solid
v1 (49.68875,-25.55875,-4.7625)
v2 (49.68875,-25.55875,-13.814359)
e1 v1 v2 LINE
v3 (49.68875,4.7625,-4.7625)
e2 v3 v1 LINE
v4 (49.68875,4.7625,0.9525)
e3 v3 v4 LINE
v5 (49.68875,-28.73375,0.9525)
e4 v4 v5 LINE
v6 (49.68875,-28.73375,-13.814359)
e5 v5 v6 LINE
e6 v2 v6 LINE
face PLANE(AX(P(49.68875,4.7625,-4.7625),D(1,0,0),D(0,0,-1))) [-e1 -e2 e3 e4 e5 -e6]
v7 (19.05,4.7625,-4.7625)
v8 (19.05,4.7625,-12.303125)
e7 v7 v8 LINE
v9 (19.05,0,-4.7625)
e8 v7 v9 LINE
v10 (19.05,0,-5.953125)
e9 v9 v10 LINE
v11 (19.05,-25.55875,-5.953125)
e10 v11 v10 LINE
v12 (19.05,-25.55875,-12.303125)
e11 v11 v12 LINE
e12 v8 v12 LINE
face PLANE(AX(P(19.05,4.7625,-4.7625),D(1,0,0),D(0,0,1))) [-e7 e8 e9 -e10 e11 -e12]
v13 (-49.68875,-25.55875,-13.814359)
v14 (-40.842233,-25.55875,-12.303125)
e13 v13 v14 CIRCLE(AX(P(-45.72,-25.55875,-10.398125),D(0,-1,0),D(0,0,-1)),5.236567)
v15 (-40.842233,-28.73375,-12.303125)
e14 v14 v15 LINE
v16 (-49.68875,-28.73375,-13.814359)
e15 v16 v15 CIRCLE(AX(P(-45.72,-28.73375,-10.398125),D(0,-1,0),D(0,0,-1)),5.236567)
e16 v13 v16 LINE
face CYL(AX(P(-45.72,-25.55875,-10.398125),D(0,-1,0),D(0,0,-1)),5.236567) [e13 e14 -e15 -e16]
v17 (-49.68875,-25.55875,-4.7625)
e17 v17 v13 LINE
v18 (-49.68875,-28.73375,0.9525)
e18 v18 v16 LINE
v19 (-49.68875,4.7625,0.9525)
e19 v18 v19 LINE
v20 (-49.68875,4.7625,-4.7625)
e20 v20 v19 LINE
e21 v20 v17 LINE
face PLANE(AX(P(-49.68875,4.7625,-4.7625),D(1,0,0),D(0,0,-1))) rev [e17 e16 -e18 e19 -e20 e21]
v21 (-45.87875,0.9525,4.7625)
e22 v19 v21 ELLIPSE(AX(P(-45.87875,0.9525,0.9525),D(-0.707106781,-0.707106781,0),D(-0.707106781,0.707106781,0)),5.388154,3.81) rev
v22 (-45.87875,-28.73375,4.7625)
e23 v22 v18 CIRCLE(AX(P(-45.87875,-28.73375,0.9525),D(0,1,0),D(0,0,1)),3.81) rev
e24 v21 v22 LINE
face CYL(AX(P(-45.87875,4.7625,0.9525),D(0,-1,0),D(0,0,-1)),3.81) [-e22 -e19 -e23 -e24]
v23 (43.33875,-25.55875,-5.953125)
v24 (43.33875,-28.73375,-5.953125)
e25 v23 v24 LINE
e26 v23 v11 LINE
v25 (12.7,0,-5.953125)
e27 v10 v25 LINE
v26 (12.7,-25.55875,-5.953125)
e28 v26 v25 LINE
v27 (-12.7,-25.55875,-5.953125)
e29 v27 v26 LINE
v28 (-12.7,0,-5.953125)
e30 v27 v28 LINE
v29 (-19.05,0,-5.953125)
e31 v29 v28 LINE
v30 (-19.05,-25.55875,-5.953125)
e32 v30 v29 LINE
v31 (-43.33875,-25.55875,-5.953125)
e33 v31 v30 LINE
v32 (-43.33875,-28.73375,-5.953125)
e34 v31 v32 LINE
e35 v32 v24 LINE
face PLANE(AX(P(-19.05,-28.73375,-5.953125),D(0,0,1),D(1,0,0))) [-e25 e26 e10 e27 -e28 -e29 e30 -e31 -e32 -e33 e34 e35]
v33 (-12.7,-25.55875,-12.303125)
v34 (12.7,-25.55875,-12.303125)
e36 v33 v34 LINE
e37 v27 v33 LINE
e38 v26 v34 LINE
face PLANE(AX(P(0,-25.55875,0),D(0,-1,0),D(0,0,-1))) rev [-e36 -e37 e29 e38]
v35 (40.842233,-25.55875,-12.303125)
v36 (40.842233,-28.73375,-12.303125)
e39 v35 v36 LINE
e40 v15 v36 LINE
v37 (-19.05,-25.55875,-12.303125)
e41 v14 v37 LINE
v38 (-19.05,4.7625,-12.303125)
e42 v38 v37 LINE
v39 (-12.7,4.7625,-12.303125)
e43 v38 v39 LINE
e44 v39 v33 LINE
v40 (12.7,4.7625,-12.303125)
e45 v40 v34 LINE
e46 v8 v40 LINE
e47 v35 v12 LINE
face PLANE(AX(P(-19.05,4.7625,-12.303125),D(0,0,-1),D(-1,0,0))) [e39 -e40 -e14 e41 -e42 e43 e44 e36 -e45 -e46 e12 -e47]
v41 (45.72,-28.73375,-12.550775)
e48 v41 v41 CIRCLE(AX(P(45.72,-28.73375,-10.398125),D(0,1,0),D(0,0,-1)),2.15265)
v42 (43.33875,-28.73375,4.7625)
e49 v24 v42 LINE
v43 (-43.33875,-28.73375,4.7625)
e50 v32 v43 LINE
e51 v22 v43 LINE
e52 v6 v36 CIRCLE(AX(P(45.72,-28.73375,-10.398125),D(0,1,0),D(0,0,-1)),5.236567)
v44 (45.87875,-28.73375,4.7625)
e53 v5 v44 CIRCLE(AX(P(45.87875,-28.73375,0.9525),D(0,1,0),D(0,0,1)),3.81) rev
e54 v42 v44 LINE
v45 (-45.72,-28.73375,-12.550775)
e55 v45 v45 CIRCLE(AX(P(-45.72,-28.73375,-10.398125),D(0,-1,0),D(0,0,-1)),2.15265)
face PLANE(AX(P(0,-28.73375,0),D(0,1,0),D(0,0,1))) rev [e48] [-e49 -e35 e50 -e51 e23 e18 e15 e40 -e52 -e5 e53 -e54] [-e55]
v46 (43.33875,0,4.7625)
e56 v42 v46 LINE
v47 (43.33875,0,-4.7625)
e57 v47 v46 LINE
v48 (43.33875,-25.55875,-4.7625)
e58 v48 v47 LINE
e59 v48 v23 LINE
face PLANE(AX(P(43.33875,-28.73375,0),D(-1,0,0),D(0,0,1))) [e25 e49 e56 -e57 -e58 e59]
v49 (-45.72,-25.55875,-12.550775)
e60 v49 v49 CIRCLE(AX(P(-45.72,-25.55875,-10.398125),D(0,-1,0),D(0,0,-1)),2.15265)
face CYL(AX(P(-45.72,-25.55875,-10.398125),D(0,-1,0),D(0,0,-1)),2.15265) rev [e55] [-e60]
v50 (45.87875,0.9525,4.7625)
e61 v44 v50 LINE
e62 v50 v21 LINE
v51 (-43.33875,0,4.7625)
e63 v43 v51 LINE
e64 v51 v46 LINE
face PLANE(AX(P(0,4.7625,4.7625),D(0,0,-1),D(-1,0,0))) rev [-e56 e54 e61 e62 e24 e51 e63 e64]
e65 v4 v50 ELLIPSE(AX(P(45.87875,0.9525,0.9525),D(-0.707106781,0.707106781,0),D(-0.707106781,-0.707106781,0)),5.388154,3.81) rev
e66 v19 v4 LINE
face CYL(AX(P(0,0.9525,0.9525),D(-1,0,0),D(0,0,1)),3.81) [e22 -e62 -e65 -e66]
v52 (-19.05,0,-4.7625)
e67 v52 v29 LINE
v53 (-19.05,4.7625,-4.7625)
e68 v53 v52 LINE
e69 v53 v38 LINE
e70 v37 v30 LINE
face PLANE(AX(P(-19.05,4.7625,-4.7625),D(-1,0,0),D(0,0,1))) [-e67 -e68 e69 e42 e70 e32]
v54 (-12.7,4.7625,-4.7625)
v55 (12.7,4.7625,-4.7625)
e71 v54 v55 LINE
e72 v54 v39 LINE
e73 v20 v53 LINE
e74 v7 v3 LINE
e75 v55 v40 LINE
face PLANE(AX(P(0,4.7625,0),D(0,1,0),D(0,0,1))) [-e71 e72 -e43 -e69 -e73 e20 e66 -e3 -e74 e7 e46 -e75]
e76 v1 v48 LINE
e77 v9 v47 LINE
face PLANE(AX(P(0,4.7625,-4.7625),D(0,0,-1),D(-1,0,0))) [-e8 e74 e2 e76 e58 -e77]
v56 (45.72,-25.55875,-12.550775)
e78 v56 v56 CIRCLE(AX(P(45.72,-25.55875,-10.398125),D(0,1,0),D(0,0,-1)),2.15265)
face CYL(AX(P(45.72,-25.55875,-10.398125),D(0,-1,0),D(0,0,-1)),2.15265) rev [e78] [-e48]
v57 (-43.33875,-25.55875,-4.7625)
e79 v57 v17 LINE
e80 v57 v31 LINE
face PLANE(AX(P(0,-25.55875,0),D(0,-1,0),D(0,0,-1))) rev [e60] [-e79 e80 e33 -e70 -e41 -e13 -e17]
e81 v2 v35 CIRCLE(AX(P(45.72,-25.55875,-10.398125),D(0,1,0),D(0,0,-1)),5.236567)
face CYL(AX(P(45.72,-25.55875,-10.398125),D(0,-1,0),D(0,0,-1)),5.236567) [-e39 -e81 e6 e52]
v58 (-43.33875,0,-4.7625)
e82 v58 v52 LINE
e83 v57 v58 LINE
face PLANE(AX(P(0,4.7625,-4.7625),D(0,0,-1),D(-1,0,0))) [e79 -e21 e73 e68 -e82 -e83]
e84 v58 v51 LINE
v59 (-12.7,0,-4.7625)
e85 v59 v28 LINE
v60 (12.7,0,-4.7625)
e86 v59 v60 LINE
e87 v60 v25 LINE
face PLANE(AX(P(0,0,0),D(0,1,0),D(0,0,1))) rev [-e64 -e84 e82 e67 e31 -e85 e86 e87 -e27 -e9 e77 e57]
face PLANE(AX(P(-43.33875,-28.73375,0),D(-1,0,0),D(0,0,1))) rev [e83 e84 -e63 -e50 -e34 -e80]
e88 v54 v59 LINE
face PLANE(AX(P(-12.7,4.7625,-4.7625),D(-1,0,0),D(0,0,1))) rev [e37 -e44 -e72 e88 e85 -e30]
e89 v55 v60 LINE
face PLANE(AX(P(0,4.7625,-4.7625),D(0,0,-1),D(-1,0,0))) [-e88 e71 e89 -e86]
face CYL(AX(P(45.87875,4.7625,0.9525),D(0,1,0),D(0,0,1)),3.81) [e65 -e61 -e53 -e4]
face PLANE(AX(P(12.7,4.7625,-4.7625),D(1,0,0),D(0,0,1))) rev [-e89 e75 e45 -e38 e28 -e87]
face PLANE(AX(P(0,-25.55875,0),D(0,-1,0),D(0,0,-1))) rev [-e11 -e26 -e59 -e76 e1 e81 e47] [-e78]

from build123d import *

# Parameters (mm, degrees)
BOSS_EXTRUDE1_DEPTH = 4.7625
SKETCH1_3_W         = 6.35
SKETCH1_3_H         = 9.525
SKETCH1_3_H_2       = 6.35
BOSS_EXTRUDE2_DEPTH = 28.73375
SKETCH2_W           = 12.7
SKETCH2_H           = 6.35
SKETCH2_R           = 2.15265
BOSS_EXTRUDE3_DEPTH = 3.175
FILLET11_R          = 3.81


with BuildPart() as part:
    # Sketch1 → Boss-Extrude1 (new body)
    with BuildSketch(Plane(origin=(0, 0, 0), x_dir=(1, 0, 0), z_dir=(0, 1, 0))):
        Polygon((-49.68875, 4.7625), (-49.68875, -4.7625), (49.68875, -4.7625), (49.68875, 4.7625), (-12.7, 4.7625), (-12.7, 12.303125), (-19.05, 12.303125), (-19.05, 4.7625), align=None)
    extrude(amount=BOSS_EXTRUDE1_DEPTH)

    # Sketch1<3> → Boss-Extrude2 (add)
    with BuildSketch(Plane(origin=(0, 0, 0), x_dir=(1, 0, 0), z_dir=(0, 1, 0))):
        with Locations((-46.51375, 0)):
            Rectangle(SKETCH1_3_W, SKETCH1_3_H)
        with Locations((46.51375, 0)):
            Rectangle(SKETCH1_3_W, SKETCH1_3_H)
        with Locations((-15.875, 9.128125)):
            Rectangle(SKETCH1_3_W, SKETCH1_3_H_2)
    extrude(amount=-BOSS_EXTRUDE2_DEPTH)

    # Mirror1: part across plane


with BuildPart() as part_1:
    add(part.part)
    add(part.part.mirror(Plane(origin=(0, 0, 0), x_dir=(0, 0, 1), z_dir=(1, 0, 0))))

    # Sketch2 → Boss-Extrude3 (add)
    # profile 1 of 2: a face of its own
    with BuildSketch(Plane.XZ.offset(28.73375)):
        with Locations((-6.35, -9.128125)):
            Rectangle(SKETCH2_W, SKETCH2_H)
    # profile 2 of 2: a face of its own
    with BuildSketch(Plane.XZ.offset(28.73375)):
        with BuildLine():
            Line((-49.68875, 4.7625), (-49.68875, -13.814359467))
            ThreePointArc((-49.68875, -13.814359467), (-44.838220371, -15.559917245), (-40.842233144, -12.303125))
            Line((-40.842233144, -12.303125), (-15.875, -12.303125))
            Line((-15.875, -12.303125), (-15.875, -5.953125))
            Line((-15.875, -5.953125), (-43.33875, -5.953125))
            Line((-43.33875, -5.953125), (-43.33875, 4.7625))
            Line((-43.33875, 4.7625), (-49.68875, 4.7625))
        make_face()
        with Locations((-45.72, -10.398125)):
            Circle(SKETCH2_R, mode=Mode.SUBTRACT)
    boss_extrude3 = extrude(amount=-BOSS_EXTRUDE3_DEPTH)

    # Mirror3: Boss-Extrude3 across plane
    add(boss_extrude3.mirror(Plane(origin=(0, 0, 0), x_dir=(0, 0, 1), z_dir=(1, 0, 0))))

    # Fillet11
    fillet11_edges = [part_1.edges().sort_by_distance(p)[0] for p in [
        (49.68875, -11.985625, 4.7625),
        (-49.68875, -11.985625, 4.7625),
        (0, 4.7625, 4.7625),
    ]]
    fillet(fillet11_edges, radius=FILLET11_R)


solid = part_1.part
